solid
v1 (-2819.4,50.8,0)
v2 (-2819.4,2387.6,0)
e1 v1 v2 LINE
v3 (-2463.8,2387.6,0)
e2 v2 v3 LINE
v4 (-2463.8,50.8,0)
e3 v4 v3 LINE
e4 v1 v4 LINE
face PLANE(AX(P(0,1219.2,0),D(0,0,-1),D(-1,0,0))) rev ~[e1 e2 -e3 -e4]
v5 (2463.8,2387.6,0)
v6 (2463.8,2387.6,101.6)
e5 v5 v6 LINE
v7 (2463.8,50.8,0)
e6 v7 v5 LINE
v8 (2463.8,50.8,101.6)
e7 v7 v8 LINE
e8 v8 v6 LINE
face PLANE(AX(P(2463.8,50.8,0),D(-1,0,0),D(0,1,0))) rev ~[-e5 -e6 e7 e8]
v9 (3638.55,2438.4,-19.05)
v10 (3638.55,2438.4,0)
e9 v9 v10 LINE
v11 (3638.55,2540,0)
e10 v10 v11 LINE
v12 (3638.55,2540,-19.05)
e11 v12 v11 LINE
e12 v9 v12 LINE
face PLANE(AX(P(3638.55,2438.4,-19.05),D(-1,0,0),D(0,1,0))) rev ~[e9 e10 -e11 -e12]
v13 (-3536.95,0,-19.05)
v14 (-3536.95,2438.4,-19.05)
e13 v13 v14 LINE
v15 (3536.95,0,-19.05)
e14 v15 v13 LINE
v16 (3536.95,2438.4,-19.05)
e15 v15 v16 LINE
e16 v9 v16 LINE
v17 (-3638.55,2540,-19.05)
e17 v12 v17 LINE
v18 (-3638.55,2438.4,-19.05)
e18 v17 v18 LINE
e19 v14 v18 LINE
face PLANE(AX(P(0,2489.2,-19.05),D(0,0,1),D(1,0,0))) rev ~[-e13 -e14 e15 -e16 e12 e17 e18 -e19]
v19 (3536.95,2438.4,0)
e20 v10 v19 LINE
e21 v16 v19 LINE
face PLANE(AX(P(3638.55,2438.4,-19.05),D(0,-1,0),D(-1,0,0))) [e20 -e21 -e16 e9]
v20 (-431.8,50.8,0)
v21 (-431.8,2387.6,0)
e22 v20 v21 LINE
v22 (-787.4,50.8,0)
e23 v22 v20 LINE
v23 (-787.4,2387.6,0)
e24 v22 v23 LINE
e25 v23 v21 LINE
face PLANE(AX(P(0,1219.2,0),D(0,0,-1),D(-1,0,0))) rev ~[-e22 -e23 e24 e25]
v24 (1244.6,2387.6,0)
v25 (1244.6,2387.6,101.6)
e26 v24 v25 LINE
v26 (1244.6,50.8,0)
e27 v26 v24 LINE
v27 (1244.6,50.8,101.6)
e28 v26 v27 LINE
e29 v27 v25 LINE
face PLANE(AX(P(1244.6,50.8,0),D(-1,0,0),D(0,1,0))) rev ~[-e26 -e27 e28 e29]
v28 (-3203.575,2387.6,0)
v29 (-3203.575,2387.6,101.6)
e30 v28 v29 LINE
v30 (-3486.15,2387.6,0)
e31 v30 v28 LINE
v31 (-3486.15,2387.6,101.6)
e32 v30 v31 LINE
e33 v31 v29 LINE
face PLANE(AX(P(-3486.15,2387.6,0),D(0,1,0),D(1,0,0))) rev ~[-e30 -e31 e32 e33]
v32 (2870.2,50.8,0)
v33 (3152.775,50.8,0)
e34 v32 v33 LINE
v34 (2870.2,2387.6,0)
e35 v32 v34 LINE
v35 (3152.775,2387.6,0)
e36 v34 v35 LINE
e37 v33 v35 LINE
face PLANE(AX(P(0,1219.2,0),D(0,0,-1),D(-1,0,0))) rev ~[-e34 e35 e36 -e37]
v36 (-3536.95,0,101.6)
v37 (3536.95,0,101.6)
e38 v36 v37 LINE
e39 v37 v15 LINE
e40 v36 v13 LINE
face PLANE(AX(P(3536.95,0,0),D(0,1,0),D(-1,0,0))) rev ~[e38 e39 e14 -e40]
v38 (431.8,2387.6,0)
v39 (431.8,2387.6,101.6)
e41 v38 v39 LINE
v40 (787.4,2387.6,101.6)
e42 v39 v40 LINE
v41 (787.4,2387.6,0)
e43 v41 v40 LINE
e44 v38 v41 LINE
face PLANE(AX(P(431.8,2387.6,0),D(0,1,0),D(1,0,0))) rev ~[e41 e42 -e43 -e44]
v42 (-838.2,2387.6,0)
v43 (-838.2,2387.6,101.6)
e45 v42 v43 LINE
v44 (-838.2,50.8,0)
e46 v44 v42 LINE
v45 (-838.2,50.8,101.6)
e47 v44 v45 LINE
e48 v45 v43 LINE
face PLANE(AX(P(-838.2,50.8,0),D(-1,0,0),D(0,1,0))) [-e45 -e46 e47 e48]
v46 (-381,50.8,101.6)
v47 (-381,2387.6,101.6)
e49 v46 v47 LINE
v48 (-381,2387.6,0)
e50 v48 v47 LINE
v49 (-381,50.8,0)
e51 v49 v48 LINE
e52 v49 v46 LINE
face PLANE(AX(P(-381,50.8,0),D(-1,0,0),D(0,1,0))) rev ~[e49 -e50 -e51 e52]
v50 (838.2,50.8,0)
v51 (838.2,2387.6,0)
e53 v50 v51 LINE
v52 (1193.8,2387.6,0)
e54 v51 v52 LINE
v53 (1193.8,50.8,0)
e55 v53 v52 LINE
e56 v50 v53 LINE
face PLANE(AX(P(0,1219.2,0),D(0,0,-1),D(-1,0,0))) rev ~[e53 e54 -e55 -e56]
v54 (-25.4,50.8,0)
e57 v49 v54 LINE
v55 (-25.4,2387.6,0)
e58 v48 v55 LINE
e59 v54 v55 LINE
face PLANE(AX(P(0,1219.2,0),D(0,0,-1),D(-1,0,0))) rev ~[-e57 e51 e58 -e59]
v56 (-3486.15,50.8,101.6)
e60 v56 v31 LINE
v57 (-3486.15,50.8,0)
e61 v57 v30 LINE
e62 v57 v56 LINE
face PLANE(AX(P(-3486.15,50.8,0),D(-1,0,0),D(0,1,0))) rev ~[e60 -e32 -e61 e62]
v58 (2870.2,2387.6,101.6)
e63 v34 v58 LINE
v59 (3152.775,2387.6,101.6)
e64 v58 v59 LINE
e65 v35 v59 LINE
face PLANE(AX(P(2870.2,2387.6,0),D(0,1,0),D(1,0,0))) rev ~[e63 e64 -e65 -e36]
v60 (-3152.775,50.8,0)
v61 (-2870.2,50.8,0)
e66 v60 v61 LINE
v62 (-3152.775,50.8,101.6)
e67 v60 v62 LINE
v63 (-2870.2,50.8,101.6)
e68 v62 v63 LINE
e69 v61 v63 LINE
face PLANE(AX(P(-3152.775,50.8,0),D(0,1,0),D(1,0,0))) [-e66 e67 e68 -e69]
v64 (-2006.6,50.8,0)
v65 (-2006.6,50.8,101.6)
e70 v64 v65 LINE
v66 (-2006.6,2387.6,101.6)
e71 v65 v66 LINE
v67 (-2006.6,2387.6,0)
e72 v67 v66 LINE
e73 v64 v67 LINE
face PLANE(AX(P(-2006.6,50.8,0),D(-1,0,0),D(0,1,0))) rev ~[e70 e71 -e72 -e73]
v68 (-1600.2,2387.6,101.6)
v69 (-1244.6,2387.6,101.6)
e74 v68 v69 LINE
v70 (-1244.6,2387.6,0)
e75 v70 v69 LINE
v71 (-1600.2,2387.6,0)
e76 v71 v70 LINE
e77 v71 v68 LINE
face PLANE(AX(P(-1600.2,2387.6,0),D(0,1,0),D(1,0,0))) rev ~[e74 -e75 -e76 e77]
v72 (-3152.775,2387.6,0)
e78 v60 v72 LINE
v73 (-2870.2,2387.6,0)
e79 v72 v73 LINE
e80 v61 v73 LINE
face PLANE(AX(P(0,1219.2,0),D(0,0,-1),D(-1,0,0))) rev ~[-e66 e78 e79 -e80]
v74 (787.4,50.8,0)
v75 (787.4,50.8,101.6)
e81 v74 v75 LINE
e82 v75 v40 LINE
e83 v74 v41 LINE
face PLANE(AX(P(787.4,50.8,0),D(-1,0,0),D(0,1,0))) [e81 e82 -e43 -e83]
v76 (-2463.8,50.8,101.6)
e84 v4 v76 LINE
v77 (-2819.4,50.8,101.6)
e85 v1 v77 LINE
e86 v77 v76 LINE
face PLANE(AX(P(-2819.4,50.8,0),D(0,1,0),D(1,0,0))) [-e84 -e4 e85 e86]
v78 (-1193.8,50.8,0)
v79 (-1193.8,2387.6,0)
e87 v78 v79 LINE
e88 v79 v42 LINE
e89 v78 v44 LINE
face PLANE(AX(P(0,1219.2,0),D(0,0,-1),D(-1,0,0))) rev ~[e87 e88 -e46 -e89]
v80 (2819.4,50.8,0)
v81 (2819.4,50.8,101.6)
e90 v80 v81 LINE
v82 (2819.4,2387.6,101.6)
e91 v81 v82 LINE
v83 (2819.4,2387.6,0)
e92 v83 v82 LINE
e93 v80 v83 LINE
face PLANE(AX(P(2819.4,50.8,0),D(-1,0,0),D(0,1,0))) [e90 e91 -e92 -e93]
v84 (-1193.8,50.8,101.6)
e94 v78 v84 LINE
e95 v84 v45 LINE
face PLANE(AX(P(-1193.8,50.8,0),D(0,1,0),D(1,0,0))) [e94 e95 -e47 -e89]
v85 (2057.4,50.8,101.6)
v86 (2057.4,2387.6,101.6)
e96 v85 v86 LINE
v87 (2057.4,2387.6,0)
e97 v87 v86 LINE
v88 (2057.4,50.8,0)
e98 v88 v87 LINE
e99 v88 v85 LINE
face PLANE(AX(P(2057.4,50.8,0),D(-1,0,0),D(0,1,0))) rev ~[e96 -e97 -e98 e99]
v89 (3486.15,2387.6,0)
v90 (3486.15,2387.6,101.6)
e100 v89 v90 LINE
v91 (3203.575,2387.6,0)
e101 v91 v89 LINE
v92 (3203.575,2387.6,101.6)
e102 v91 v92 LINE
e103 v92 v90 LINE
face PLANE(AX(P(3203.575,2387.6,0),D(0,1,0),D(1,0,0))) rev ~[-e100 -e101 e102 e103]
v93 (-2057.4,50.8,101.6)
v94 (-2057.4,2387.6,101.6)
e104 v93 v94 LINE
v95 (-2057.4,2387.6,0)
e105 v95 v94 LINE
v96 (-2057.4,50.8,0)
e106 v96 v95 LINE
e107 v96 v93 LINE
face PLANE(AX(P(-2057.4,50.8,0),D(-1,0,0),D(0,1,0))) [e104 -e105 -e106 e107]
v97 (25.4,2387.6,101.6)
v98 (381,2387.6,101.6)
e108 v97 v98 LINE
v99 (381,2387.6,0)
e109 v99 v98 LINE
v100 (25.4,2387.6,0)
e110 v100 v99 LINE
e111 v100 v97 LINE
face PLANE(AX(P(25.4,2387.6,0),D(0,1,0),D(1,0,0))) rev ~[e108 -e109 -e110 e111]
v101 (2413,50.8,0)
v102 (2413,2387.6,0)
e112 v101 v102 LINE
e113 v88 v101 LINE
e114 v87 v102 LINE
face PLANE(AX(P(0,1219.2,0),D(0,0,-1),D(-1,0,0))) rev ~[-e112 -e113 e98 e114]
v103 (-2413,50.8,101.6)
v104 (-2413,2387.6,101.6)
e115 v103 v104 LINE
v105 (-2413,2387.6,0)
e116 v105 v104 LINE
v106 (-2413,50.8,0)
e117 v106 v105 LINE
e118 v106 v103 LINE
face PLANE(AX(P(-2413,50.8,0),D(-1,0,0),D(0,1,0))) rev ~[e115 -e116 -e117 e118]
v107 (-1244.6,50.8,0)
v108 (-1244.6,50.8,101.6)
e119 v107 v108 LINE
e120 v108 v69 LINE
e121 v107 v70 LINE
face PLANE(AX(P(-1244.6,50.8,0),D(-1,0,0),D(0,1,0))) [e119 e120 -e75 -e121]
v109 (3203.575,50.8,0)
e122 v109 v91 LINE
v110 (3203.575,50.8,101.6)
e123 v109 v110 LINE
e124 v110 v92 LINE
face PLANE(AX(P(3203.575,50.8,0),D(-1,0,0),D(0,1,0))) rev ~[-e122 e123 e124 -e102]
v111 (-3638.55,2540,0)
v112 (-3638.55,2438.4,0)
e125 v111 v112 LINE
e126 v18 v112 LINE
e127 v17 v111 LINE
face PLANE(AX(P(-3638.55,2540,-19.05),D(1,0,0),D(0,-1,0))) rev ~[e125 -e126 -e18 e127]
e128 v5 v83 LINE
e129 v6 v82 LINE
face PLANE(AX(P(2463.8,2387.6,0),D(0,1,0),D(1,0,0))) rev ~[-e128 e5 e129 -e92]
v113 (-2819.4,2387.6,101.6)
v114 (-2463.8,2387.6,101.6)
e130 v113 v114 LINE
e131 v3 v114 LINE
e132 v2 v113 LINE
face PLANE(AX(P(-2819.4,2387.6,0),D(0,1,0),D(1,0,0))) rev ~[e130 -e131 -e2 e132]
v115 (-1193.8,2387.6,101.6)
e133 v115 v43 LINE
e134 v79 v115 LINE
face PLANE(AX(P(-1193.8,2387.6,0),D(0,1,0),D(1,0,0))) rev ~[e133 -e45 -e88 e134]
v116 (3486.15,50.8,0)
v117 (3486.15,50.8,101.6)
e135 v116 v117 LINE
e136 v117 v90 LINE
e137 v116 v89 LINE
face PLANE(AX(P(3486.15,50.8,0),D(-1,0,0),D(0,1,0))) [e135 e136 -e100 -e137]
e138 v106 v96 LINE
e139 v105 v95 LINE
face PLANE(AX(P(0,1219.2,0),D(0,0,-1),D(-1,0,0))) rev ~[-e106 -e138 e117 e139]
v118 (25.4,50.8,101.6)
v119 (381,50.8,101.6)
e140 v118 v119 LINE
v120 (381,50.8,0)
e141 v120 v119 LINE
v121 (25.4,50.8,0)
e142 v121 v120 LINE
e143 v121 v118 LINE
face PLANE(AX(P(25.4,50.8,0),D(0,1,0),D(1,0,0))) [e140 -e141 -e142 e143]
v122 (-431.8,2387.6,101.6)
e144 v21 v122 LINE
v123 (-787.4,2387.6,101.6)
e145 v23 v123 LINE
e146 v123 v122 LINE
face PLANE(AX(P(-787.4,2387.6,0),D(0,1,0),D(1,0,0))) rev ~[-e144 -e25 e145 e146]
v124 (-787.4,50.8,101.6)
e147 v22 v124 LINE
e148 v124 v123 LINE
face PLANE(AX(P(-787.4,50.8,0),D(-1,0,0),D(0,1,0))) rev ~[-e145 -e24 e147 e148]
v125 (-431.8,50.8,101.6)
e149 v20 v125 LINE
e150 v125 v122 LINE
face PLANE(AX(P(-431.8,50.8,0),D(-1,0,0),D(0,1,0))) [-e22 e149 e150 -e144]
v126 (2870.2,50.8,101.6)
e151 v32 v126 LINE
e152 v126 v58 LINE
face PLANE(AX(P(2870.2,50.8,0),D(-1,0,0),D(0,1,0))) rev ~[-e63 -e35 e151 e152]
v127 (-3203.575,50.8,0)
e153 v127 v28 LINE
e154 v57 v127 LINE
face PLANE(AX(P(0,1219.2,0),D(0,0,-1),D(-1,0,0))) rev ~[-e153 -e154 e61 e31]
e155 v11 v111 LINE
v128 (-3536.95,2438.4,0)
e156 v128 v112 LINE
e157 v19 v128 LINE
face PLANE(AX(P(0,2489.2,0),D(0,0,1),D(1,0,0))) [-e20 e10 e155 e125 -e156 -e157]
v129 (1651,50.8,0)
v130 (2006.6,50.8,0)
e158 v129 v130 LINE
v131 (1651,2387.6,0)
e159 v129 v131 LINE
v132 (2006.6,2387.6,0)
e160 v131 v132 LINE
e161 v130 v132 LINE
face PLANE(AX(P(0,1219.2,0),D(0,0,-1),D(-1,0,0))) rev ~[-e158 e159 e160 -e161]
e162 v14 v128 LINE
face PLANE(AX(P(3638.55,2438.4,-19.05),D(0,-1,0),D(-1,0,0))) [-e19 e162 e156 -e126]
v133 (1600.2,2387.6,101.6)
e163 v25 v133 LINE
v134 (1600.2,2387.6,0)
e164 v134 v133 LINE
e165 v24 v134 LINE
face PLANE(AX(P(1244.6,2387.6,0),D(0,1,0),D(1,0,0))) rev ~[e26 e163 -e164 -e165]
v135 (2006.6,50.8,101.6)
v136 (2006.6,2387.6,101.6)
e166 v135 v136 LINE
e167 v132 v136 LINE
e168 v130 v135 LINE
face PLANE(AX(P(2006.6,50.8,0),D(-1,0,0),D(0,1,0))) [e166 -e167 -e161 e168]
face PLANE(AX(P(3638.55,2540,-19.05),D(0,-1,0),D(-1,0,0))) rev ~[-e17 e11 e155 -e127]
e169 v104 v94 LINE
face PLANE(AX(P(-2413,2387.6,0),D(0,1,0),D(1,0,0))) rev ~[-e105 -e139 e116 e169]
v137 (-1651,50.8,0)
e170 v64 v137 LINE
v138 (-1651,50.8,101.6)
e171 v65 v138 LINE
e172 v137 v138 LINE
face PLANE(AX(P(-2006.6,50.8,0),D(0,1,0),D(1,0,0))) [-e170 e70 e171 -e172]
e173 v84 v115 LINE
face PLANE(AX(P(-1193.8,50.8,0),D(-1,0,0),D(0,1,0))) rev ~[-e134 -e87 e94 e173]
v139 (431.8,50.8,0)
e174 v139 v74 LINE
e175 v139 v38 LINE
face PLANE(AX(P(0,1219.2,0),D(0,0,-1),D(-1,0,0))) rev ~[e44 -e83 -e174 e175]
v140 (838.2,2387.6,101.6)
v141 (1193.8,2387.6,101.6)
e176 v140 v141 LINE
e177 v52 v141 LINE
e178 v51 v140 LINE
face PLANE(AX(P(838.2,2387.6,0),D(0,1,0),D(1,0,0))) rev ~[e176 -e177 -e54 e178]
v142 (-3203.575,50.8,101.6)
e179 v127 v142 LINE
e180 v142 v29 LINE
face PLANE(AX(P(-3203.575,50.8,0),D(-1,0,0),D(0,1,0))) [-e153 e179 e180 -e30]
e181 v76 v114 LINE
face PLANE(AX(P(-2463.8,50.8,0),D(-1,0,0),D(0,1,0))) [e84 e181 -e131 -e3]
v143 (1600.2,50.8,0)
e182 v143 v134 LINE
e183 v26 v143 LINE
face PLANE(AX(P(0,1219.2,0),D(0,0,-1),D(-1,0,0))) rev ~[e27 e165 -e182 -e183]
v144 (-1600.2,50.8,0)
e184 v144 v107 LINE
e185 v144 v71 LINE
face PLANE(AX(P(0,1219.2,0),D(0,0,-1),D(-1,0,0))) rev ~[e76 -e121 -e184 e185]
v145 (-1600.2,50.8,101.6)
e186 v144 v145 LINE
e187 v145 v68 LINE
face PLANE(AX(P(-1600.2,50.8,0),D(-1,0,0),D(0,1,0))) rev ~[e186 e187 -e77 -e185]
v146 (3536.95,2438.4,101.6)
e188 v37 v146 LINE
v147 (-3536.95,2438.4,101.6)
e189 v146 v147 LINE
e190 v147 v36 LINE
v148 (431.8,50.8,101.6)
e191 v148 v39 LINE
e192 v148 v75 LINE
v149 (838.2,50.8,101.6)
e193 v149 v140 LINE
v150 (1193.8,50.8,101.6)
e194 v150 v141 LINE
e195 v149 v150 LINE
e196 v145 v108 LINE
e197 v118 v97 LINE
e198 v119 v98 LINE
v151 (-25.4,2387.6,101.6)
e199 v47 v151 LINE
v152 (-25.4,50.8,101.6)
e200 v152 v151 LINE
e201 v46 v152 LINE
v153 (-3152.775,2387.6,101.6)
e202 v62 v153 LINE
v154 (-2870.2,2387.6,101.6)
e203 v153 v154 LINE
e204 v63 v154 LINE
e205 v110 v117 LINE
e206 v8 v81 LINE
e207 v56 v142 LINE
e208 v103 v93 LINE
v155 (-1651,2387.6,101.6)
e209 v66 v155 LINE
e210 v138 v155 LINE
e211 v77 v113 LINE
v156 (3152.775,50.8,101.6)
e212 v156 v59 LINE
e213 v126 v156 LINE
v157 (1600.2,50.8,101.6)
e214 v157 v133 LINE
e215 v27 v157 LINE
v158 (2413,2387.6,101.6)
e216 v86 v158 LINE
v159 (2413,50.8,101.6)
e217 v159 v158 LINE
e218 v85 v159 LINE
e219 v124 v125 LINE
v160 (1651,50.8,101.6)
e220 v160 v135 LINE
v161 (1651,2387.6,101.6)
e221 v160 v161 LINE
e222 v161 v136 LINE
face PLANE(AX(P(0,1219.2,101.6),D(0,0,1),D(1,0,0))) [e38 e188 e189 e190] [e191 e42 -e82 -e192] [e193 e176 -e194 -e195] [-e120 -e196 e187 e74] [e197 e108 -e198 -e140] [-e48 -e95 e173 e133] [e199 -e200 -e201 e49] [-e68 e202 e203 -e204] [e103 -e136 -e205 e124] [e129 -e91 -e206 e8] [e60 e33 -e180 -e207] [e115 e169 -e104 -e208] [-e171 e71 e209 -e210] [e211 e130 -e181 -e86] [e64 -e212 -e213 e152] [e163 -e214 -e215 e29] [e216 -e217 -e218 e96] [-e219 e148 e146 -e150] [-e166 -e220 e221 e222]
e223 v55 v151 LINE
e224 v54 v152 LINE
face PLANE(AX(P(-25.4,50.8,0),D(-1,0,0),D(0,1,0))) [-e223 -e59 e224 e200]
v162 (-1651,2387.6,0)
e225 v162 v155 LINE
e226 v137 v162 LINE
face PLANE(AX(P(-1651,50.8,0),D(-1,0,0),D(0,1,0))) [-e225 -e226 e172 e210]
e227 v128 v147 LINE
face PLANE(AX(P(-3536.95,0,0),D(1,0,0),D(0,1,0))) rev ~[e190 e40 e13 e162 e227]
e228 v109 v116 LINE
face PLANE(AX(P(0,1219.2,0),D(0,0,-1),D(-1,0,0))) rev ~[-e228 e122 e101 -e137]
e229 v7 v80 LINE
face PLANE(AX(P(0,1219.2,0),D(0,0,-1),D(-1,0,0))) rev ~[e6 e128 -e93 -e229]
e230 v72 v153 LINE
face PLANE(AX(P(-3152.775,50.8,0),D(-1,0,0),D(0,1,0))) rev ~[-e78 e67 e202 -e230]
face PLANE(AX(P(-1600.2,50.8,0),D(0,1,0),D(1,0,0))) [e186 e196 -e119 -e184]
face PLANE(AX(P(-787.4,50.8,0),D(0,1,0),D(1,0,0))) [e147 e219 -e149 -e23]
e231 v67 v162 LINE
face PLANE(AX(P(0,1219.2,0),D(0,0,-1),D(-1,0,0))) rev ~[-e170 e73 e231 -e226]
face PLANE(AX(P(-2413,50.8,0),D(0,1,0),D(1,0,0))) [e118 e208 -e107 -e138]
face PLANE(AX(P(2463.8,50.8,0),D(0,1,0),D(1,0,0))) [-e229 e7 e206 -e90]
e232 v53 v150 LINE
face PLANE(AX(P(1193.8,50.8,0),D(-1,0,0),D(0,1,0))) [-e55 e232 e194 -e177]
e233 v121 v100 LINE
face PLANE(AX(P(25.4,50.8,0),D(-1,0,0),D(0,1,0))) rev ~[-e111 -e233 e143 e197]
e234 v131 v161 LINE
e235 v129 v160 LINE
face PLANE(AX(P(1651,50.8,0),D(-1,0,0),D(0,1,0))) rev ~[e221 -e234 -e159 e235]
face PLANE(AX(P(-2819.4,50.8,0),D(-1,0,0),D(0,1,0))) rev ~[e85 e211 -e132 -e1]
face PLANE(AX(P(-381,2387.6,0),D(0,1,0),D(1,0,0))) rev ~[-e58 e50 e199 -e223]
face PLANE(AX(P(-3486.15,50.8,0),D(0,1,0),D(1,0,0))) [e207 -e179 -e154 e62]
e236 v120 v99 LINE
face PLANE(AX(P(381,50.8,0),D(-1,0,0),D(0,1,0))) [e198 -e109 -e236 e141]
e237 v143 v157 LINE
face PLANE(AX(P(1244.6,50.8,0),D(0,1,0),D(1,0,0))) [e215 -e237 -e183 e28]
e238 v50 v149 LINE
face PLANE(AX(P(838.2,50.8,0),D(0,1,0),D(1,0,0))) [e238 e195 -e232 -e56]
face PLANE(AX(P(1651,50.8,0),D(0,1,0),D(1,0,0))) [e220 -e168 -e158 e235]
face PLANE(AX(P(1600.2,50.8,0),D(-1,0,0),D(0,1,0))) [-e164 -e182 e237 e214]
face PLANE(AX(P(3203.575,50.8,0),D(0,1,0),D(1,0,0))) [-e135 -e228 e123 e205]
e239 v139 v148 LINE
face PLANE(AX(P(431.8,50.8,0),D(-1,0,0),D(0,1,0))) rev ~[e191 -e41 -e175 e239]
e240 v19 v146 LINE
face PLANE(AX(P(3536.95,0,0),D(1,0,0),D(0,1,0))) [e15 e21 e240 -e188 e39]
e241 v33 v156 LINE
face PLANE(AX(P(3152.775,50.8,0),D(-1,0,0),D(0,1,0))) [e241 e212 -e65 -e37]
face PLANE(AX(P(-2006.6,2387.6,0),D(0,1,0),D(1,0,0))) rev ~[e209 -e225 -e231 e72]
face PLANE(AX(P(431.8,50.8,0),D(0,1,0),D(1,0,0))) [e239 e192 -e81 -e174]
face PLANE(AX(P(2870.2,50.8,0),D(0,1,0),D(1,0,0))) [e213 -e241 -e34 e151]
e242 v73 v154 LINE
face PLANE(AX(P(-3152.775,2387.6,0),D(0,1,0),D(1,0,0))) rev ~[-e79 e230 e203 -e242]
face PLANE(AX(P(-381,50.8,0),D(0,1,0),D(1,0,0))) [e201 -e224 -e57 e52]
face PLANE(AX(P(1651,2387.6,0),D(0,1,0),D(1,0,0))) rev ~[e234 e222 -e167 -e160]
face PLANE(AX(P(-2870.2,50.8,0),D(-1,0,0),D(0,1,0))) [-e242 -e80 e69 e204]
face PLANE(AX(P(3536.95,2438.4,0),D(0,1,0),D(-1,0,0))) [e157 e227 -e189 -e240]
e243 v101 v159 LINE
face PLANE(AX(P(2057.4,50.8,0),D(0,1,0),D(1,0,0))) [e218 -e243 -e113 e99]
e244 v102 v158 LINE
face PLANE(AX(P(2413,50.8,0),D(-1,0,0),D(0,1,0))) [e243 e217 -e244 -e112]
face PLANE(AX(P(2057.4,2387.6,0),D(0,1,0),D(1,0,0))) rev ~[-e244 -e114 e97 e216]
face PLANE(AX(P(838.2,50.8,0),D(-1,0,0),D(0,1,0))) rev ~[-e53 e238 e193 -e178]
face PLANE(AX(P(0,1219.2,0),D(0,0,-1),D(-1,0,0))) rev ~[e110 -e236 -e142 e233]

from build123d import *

# Parameters (mm, degrees)
SKETCH1_W           = 355.6
SKETCH1_H           = 2336.8
SKETCH1_W_2         = 282.575
BOSS_EXTRUDE1_DEPTH = 101.6
SKETCH2_W           = 7073.9
SKETCH2_H           = 2438.4
BOSS_EXTRUDE2_DEPTH = 19.05
BOSS_EXTRUDE3_DEPTH = 19.05


with BuildPart() as part:
    # Sketch1 → Boss-Extrude1 (new body)
    with BuildSketch(Plane.XY):
        Polygon((0, 0), (3536.95, 0), (3536.95, 2438.4), (-3536.95, 2438.4), (-3536.95, 0), align=None)
        with Locations((203.2, 1219.2)):
            Rectangle(SKETCH1_W, SKETCH1_H, mode=Mode.SUBTRACT)
        with Locations((-203.2, 1219.2)):
            Rectangle(SKETCH1_W, SKETCH1_H, mode=Mode.SUBTRACT)
        with Locations((609.6, 1219.2)):
            Rectangle(SKETCH1_W, SKETCH1_H, mode=Mode.SUBTRACT)
        with Locations((1016, 1219.2)):
            Rectangle(SKETCH1_W, SKETCH1_H, mode=Mode.SUBTRACT)
        with Locations((-3344.8625, 1219.2)):
            Rectangle(SKETCH1_W_2, SKETCH1_H, mode=Mode.SUBTRACT)
        with Locations((3344.8625, 1219.2)):
            Rectangle(SKETCH1_W_2, SKETCH1_H, mode=Mode.SUBTRACT)
        with Locations((1422.4, 1219.2)):
            Rectangle(SKETCH1_W, SKETCH1_H, mode=Mode.SUBTRACT)
        with Locations((1828.8, 1219.2)):
            Rectangle(SKETCH1_W, SKETCH1_H, mode=Mode.SUBTRACT)
        with Locations((2235.2, 1219.2)):
            Rectangle(SKETCH1_W, SKETCH1_H, mode=Mode.SUBTRACT)
        with Locations((2641.6, 1219.2)):
            Rectangle(SKETCH1_W, SKETCH1_H, mode=Mode.SUBTRACT)
        with Locations((3011.4875, 1219.2)):
            Rectangle(SKETCH1_W_2, SKETCH1_H, mode=Mode.SUBTRACT)
        with Locations((-609.6, 1219.2)):
            Rectangle(SKETCH1_W, SKETCH1_H, mode=Mode.SUBTRACT)
        with Locations((-1016, 1219.2)):
            Rectangle(SKETCH1_W, SKETCH1_H, mode=Mode.SUBTRACT)
        with Locations((-1422.4, 1219.2)):
            Rectangle(SKETCH1_W, SKETCH1_H, mode=Mode.SUBTRACT)
        with Locations((-1828.8, 1219.2)):
            Rectangle(SKETCH1_W, SKETCH1_H, mode=Mode.SUBTRACT)
        with Locations((-2235.2, 1219.2)):
            Rectangle(SKETCH1_W, SKETCH1_H, mode=Mode.SUBTRACT)
        with Locations((-2641.6, 1219.2)):
            Rectangle(SKETCH1_W, SKETCH1_H, mode=Mode.SUBTRACT)
        with Locations((-3011.4875, 1219.2)):
            Rectangle(SKETCH1_W_2, SKETCH1_H, mode=Mode.SUBTRACT)
    extrude(amount=BOSS_EXTRUDE1_DEPTH)

    # Sketch2 → Boss-Extrude2 (add)
    with BuildSketch(Plane(origin=(0, 0, 0), x_dir=(-1, 0, 0), z_dir=(0, 0, -1))):
        with Locations((0, 1219.2)):
            Rectangle(SKETCH2_W, SKETCH2_H)
    extrude(amount=BOSS_EXTRUDE2_DEPTH)

    # Sketch3 → Boss-Extrude3 (add)
    with BuildSketch(Plane(origin=(0, 0, -19.05), x_dir=(-1, 0, 0), z_dir=(0, 0, -1))):
        Polygon((-3536.95, 2438.4), (-3638.55, 2438.4), (-3638.55, 2540), (3638.55, 2540), (3638.55, 2438.4), (3536.95, 2438.4), align=None)
    extrude(amount=-BOSS_EXTRUDE3_DEPTH)


solid = part.part
